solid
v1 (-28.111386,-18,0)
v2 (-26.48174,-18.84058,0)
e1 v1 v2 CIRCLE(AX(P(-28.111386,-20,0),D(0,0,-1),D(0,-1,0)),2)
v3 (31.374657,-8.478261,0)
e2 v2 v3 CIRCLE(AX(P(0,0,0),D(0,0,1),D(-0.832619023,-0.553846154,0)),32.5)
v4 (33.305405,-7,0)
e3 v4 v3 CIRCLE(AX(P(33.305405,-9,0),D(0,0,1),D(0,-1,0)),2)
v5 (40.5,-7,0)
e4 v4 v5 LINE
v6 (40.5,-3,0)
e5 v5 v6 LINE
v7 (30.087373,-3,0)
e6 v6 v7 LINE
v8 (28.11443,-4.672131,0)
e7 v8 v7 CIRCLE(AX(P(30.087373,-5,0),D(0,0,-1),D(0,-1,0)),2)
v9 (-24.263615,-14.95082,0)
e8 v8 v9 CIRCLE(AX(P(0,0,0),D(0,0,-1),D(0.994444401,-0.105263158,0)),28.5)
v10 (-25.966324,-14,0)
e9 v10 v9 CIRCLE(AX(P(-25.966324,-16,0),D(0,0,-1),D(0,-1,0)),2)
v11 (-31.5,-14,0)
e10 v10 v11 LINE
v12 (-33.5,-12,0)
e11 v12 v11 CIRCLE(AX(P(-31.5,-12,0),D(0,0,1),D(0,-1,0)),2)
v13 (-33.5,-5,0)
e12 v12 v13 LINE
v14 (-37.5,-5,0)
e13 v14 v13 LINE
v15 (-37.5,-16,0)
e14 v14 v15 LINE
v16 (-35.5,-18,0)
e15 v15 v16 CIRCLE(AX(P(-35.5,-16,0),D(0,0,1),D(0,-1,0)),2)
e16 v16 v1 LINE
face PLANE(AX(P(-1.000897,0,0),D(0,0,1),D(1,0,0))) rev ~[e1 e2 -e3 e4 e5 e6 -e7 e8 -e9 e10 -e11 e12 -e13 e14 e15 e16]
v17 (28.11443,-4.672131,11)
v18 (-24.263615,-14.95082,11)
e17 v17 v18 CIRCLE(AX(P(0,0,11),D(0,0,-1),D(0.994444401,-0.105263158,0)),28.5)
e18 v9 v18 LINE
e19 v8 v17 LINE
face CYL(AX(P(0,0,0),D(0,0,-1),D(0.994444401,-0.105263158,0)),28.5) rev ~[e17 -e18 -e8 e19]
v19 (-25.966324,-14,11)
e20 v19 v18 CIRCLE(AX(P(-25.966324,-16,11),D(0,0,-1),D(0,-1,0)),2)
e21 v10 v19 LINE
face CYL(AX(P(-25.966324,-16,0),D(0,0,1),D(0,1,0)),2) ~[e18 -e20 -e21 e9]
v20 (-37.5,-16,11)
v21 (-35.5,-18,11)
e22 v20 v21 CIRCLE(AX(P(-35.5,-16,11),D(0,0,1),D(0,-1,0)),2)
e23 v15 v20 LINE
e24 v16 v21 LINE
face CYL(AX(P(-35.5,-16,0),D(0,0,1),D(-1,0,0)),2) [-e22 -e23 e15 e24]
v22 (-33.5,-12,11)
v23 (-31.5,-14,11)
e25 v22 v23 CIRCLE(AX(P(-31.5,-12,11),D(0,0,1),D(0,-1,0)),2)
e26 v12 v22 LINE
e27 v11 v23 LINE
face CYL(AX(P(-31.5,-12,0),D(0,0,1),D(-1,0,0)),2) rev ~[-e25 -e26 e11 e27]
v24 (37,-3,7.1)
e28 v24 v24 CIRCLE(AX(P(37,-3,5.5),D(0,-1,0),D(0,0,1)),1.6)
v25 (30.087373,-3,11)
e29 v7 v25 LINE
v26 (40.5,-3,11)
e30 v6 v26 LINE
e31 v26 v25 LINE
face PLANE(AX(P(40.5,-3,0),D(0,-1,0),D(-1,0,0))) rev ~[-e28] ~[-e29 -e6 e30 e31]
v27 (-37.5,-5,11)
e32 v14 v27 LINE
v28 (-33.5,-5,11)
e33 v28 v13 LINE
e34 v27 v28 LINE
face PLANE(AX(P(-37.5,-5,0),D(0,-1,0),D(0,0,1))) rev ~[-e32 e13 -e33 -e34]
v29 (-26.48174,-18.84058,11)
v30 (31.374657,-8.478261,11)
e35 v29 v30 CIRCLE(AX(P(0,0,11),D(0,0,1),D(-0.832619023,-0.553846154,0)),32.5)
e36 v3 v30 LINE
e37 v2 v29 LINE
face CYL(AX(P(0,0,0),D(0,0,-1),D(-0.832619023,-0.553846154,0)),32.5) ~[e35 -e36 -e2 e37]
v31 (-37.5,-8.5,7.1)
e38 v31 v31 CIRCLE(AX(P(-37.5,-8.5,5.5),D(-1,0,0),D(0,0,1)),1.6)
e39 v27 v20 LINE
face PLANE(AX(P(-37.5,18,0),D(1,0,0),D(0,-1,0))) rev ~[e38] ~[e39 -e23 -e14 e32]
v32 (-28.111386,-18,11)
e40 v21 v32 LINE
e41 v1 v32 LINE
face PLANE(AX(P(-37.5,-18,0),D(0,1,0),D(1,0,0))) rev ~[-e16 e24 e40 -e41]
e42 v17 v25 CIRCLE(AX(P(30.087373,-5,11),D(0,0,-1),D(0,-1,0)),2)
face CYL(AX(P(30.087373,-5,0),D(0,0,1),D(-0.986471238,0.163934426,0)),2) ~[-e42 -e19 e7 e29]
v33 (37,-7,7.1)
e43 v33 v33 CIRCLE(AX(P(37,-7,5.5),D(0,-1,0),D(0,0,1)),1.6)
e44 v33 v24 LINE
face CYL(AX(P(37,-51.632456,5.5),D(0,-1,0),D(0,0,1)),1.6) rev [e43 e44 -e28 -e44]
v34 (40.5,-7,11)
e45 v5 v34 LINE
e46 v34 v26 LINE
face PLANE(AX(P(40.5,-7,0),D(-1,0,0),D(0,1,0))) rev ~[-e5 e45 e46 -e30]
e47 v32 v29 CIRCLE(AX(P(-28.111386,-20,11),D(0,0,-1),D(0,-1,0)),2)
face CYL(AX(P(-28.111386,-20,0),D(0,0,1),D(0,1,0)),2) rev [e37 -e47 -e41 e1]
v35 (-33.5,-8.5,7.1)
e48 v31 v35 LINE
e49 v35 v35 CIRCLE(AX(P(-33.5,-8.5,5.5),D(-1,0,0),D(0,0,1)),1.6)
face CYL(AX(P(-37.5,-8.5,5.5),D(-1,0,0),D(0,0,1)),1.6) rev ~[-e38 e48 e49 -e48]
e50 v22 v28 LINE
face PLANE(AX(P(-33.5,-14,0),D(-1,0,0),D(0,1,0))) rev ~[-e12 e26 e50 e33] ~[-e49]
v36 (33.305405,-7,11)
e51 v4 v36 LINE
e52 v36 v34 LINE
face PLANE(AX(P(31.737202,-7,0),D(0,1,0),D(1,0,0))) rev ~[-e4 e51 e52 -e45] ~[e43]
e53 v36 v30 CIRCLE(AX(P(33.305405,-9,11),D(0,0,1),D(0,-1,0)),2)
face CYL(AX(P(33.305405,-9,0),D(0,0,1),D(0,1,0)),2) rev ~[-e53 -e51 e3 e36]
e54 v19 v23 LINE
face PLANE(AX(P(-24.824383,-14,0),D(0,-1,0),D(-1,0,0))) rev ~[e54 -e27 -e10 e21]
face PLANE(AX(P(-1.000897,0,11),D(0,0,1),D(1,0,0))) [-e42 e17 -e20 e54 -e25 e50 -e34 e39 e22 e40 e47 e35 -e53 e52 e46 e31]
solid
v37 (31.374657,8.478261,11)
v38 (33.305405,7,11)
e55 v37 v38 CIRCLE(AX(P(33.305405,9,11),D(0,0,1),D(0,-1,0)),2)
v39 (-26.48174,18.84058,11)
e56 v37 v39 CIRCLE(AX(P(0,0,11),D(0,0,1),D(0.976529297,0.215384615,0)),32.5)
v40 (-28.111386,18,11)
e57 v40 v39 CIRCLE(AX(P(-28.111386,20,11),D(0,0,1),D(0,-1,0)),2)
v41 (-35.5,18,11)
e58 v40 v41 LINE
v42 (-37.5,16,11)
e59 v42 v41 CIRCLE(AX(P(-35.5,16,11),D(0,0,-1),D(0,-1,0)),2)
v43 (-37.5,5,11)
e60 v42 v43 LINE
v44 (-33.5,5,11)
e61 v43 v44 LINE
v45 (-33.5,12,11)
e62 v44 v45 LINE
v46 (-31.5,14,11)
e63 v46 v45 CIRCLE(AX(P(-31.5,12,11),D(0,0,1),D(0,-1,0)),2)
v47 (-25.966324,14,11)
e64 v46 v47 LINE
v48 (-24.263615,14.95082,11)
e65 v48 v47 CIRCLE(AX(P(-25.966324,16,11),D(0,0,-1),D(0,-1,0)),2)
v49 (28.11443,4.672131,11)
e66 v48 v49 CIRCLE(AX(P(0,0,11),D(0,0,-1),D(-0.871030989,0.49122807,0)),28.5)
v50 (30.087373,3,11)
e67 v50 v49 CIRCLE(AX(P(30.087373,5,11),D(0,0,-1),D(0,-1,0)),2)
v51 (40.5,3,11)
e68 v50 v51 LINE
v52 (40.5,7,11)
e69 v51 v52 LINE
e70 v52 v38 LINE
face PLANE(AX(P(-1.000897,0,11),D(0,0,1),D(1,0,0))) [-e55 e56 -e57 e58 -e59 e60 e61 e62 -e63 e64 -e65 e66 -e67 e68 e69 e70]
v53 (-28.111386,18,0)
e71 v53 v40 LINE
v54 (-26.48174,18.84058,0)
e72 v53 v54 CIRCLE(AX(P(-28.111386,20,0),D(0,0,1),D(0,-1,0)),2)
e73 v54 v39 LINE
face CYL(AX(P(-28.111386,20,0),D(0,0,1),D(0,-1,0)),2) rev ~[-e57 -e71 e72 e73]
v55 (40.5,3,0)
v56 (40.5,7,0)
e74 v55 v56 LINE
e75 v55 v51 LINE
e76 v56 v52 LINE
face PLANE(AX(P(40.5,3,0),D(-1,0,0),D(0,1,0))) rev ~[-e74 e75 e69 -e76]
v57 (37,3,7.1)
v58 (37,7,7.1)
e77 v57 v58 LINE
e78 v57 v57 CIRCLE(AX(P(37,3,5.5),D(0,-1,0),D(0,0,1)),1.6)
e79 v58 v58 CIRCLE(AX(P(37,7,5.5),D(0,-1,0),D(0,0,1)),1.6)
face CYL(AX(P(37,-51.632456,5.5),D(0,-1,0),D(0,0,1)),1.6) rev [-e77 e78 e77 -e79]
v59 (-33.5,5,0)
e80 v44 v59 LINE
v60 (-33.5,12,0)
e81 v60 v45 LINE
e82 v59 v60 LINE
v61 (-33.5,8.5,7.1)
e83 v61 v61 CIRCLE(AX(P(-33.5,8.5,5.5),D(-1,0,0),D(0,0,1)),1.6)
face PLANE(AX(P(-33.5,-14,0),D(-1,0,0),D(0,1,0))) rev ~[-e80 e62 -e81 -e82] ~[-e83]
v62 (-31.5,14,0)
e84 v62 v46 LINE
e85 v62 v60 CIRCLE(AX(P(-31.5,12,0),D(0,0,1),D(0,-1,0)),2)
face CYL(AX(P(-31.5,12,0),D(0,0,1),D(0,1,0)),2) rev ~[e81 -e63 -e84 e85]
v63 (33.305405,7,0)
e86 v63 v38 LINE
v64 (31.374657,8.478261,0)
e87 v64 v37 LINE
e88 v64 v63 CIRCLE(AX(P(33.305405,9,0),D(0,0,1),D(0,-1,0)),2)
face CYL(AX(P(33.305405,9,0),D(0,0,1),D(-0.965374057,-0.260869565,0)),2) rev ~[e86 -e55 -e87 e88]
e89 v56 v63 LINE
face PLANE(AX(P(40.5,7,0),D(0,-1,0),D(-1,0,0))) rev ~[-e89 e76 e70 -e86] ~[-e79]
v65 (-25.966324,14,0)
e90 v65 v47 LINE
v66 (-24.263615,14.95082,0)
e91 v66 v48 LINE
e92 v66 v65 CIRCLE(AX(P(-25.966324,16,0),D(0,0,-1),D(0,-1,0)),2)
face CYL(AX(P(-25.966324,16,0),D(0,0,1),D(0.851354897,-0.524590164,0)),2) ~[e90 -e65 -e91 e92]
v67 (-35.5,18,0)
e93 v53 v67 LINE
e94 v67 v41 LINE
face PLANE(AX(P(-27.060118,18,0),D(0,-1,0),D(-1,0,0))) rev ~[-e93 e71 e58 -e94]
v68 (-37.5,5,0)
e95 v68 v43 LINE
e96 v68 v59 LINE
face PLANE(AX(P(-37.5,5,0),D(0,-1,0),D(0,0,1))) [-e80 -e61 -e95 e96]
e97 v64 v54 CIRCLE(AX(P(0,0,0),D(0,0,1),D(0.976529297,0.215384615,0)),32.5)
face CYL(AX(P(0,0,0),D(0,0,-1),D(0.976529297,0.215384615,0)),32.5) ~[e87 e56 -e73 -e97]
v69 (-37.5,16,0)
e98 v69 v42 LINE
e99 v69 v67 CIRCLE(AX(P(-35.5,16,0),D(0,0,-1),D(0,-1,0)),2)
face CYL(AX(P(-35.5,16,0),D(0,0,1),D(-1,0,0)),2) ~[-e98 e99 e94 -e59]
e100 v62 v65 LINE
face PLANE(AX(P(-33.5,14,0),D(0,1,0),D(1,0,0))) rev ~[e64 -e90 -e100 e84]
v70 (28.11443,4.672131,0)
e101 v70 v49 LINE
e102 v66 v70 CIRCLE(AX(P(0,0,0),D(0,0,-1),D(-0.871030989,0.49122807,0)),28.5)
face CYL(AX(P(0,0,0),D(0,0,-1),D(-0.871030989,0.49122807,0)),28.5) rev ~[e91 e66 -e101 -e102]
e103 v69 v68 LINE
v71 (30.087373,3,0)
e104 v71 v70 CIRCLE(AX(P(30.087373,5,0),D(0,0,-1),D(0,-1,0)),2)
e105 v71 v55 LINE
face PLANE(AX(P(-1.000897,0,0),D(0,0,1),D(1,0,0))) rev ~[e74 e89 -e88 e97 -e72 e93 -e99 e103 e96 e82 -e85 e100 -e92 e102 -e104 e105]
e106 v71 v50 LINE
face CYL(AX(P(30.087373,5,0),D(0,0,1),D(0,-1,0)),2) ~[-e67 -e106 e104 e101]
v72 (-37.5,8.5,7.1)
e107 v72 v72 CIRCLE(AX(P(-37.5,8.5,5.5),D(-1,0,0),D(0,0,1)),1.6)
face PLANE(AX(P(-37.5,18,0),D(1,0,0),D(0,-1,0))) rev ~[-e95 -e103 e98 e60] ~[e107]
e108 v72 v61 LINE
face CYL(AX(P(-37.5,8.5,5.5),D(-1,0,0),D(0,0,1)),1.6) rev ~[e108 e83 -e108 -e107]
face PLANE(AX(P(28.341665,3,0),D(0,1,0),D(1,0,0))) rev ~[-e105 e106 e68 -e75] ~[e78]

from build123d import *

# Parameters (mm, degrees)
EXTRUDE_1_DEPTH          = 11
CUT_EXTRUDE_1_DEPTH      = 58.632456134
CUT_EXTRUDE_1_DEPTH_BACK = 58.632456134
SKETCH_3_R               = 1.6
CUT_EXTRUDE_4_REACH      = 87.213
SKETCH_5_R               = 1.6
SKETCH_5_W               = 11
SKETCH_5_H               = 10
FILLET_1_R               = 2
FILLET_2_R               = 2


with BuildPart() as part:
    # 草图1 → 凸台-拉伸1 (new body)
    with BuildSketch(Plane.XY):
        with BuildLine():
            Line((-37.5, 18), (-37.5, 14))
            Line((-37.5, 14), (-37.5, -14))
            Line((-37.5, -14), (-37.5, -18))
            Line((-37.5, -18), (-27.060118255, -18))
            ThreePointArc((-27.060118255, -18), (5.976518922, -31.945754359), (31.737202145, -7))
            Line((31.737202145, -7), (40.5, -7))
            Line((40.5, -7), (40.5, -3))
            Line((40.5, -3), (28.341665442, -3))
            ThreePointArc((28.341665442, -3), (5.774324085, -27.908908638), (-24.824383175, -14))
            Line((-24.824383175, -14), (-33.5, -14))
            Line((-33.5, -14), (-33.5, 14))
            Line((-33.5, 14), (-24.824383175, 14))
            ThreePointArc((-24.824383175, 14), (5.774324085, 27.908908638), (28.341665442, 3))
            Line((28.341665442, 3), (40.5, 3))
            Line((40.5, 3), (40.5, 7))
            Line((40.5, 7), (31.737202145, 7))
            ThreePointArc((31.737202145, 7), (5.976518922, 31.945754359), (-27.060118255, 18))
            Line((-27.060118255, 18), (-37.5, 18))
        make_face()
    extrude(amount=EXTRUDE_1_DEPTH)

    # 草图3 → 切除-拉伸1 (cut, two sides: drawn at the far end of the back side and taken through both)
    with BuildSketch(Plane(origin=(0, 7, 0), x_dir=(1, 0, 0), z_dir=(0, 1, 0)).offset(-CUT_EXTRUDE_1_DEPTH_BACK)):
        with Locations(Location((37, -5.5, 0), (0, 0, 270))):
            Circle(SKETCH_3_R)
    extrude(amount=CUT_EXTRUDE_1_DEPTH + CUT_EXTRUDE_1_DEPTH_BACK, mode=Mode.SUBTRACT)

    # 草图5 → 切除-拉伸4 (cut, up to next)
    with BuildSketch(Plane.ZY.offset(37.5), mode=Mode.PRIVATE) as cut_extrude_4_sk1:
        with Locations((5.5, 8.5)):
            Circle(SKETCH_5_R)
    cut_extrude_4_tool1 = extrude(cut_extrude_4_sk1.sketch, amount=-CUT_EXTRUDE_4_REACH, mode=Mode.PRIVATE) & part.part
    # 草图5 → 切除-拉伸4 (cut, up to next)
    with BuildSketch(Plane.ZY.offset(37.5), mode=Mode.PRIVATE) as cut_extrude_4_sk2:
        with Locations((5.5, -8.5)):
            Circle(SKETCH_5_R)
    cut_extrude_4_tool2 = extrude(cut_extrude_4_sk2.sketch, amount=-CUT_EXTRUDE_4_REACH, mode=Mode.PRIVATE) & part.part
    # 草图5 → 切除-拉伸4 (cut, up to next)
    with BuildSketch(Plane.ZY.offset(37.5), mode=Mode.PRIVATE) as cut_extrude_4_sk3:
        with Locations((5.5, 0)):
            Rectangle(SKETCH_5_W, SKETCH_5_H)
    cut_extrude_4_tool3 = extrude(cut_extrude_4_sk3.sketch, amount=-CUT_EXTRUDE_4_REACH, mode=Mode.PRIVATE) & part.part
    add(cut_extrude_4_tool1.solids().sort_by_distance((-37.5, 8.5, 5.5))[0], mode=Mode.SUBTRACT)
    add(cut_extrude_4_tool2.solids().sort_by_distance((-37.5, -8.5, 5.5))[0], mode=Mode.SUBTRACT)
    add(cut_extrude_4_tool3.solids().sort_by_distance((-37.5, 0, 5.5))[0], mode=Mode.SUBTRACT)


with BuildPart() as cut_extrude_4_piece_1:
    # of the separate pieces the step leaves, piece 1, a body of its own (cut_extrude_4_pieces)
    add(part.part.solids().sort_by_distance((-37.5, -5, 0))[0])

    # 圆角2
    fillet_2_edges = [cut_extrude_4_piece_1.edges().sort_by_distance(p)[0] for p in [
        (-33.5, -14, 5.5),
        (-37.5, -18, 5.5),
        (-27.060118255, -18, 5.5),
        (31.737202145, -7, 5.5),
        (28.341665442, -3, 5.5),
        (-24.824383175, -14, 5.5),
    ]]
    fillet(fillet_2_edges, radius=FILLET_2_R)


with BuildPart() as cut_extrude_4_piece_2:
    # of the separate pieces the step leaves, piece 2, a body of its own (cut_extrude_4_pieces)
    add(part.part.solids().sort_by_distance((-27.060118255, 18, 0))[0])

    # 圆角1
    fillet_1_edges = [cut_extrude_4_piece_2.edges().sort_by_distance(p)[0] for p in [
        (31.737202145, 7, 5.5),
        (28.341665442, 3, 5.5),
        (-24.824383175, 14, 5.5),
        (-33.5, 14, 5.5),
        (-37.5, 18, 5.5),
        (-27.060118255, 18, 5.5),
    ]]
    fillet(fillet_1_edges, radius=FILLET_1_R)


solid = Compound([cut_extrude_4_piece_1.part, cut_extrude_4_piece_2.part])
